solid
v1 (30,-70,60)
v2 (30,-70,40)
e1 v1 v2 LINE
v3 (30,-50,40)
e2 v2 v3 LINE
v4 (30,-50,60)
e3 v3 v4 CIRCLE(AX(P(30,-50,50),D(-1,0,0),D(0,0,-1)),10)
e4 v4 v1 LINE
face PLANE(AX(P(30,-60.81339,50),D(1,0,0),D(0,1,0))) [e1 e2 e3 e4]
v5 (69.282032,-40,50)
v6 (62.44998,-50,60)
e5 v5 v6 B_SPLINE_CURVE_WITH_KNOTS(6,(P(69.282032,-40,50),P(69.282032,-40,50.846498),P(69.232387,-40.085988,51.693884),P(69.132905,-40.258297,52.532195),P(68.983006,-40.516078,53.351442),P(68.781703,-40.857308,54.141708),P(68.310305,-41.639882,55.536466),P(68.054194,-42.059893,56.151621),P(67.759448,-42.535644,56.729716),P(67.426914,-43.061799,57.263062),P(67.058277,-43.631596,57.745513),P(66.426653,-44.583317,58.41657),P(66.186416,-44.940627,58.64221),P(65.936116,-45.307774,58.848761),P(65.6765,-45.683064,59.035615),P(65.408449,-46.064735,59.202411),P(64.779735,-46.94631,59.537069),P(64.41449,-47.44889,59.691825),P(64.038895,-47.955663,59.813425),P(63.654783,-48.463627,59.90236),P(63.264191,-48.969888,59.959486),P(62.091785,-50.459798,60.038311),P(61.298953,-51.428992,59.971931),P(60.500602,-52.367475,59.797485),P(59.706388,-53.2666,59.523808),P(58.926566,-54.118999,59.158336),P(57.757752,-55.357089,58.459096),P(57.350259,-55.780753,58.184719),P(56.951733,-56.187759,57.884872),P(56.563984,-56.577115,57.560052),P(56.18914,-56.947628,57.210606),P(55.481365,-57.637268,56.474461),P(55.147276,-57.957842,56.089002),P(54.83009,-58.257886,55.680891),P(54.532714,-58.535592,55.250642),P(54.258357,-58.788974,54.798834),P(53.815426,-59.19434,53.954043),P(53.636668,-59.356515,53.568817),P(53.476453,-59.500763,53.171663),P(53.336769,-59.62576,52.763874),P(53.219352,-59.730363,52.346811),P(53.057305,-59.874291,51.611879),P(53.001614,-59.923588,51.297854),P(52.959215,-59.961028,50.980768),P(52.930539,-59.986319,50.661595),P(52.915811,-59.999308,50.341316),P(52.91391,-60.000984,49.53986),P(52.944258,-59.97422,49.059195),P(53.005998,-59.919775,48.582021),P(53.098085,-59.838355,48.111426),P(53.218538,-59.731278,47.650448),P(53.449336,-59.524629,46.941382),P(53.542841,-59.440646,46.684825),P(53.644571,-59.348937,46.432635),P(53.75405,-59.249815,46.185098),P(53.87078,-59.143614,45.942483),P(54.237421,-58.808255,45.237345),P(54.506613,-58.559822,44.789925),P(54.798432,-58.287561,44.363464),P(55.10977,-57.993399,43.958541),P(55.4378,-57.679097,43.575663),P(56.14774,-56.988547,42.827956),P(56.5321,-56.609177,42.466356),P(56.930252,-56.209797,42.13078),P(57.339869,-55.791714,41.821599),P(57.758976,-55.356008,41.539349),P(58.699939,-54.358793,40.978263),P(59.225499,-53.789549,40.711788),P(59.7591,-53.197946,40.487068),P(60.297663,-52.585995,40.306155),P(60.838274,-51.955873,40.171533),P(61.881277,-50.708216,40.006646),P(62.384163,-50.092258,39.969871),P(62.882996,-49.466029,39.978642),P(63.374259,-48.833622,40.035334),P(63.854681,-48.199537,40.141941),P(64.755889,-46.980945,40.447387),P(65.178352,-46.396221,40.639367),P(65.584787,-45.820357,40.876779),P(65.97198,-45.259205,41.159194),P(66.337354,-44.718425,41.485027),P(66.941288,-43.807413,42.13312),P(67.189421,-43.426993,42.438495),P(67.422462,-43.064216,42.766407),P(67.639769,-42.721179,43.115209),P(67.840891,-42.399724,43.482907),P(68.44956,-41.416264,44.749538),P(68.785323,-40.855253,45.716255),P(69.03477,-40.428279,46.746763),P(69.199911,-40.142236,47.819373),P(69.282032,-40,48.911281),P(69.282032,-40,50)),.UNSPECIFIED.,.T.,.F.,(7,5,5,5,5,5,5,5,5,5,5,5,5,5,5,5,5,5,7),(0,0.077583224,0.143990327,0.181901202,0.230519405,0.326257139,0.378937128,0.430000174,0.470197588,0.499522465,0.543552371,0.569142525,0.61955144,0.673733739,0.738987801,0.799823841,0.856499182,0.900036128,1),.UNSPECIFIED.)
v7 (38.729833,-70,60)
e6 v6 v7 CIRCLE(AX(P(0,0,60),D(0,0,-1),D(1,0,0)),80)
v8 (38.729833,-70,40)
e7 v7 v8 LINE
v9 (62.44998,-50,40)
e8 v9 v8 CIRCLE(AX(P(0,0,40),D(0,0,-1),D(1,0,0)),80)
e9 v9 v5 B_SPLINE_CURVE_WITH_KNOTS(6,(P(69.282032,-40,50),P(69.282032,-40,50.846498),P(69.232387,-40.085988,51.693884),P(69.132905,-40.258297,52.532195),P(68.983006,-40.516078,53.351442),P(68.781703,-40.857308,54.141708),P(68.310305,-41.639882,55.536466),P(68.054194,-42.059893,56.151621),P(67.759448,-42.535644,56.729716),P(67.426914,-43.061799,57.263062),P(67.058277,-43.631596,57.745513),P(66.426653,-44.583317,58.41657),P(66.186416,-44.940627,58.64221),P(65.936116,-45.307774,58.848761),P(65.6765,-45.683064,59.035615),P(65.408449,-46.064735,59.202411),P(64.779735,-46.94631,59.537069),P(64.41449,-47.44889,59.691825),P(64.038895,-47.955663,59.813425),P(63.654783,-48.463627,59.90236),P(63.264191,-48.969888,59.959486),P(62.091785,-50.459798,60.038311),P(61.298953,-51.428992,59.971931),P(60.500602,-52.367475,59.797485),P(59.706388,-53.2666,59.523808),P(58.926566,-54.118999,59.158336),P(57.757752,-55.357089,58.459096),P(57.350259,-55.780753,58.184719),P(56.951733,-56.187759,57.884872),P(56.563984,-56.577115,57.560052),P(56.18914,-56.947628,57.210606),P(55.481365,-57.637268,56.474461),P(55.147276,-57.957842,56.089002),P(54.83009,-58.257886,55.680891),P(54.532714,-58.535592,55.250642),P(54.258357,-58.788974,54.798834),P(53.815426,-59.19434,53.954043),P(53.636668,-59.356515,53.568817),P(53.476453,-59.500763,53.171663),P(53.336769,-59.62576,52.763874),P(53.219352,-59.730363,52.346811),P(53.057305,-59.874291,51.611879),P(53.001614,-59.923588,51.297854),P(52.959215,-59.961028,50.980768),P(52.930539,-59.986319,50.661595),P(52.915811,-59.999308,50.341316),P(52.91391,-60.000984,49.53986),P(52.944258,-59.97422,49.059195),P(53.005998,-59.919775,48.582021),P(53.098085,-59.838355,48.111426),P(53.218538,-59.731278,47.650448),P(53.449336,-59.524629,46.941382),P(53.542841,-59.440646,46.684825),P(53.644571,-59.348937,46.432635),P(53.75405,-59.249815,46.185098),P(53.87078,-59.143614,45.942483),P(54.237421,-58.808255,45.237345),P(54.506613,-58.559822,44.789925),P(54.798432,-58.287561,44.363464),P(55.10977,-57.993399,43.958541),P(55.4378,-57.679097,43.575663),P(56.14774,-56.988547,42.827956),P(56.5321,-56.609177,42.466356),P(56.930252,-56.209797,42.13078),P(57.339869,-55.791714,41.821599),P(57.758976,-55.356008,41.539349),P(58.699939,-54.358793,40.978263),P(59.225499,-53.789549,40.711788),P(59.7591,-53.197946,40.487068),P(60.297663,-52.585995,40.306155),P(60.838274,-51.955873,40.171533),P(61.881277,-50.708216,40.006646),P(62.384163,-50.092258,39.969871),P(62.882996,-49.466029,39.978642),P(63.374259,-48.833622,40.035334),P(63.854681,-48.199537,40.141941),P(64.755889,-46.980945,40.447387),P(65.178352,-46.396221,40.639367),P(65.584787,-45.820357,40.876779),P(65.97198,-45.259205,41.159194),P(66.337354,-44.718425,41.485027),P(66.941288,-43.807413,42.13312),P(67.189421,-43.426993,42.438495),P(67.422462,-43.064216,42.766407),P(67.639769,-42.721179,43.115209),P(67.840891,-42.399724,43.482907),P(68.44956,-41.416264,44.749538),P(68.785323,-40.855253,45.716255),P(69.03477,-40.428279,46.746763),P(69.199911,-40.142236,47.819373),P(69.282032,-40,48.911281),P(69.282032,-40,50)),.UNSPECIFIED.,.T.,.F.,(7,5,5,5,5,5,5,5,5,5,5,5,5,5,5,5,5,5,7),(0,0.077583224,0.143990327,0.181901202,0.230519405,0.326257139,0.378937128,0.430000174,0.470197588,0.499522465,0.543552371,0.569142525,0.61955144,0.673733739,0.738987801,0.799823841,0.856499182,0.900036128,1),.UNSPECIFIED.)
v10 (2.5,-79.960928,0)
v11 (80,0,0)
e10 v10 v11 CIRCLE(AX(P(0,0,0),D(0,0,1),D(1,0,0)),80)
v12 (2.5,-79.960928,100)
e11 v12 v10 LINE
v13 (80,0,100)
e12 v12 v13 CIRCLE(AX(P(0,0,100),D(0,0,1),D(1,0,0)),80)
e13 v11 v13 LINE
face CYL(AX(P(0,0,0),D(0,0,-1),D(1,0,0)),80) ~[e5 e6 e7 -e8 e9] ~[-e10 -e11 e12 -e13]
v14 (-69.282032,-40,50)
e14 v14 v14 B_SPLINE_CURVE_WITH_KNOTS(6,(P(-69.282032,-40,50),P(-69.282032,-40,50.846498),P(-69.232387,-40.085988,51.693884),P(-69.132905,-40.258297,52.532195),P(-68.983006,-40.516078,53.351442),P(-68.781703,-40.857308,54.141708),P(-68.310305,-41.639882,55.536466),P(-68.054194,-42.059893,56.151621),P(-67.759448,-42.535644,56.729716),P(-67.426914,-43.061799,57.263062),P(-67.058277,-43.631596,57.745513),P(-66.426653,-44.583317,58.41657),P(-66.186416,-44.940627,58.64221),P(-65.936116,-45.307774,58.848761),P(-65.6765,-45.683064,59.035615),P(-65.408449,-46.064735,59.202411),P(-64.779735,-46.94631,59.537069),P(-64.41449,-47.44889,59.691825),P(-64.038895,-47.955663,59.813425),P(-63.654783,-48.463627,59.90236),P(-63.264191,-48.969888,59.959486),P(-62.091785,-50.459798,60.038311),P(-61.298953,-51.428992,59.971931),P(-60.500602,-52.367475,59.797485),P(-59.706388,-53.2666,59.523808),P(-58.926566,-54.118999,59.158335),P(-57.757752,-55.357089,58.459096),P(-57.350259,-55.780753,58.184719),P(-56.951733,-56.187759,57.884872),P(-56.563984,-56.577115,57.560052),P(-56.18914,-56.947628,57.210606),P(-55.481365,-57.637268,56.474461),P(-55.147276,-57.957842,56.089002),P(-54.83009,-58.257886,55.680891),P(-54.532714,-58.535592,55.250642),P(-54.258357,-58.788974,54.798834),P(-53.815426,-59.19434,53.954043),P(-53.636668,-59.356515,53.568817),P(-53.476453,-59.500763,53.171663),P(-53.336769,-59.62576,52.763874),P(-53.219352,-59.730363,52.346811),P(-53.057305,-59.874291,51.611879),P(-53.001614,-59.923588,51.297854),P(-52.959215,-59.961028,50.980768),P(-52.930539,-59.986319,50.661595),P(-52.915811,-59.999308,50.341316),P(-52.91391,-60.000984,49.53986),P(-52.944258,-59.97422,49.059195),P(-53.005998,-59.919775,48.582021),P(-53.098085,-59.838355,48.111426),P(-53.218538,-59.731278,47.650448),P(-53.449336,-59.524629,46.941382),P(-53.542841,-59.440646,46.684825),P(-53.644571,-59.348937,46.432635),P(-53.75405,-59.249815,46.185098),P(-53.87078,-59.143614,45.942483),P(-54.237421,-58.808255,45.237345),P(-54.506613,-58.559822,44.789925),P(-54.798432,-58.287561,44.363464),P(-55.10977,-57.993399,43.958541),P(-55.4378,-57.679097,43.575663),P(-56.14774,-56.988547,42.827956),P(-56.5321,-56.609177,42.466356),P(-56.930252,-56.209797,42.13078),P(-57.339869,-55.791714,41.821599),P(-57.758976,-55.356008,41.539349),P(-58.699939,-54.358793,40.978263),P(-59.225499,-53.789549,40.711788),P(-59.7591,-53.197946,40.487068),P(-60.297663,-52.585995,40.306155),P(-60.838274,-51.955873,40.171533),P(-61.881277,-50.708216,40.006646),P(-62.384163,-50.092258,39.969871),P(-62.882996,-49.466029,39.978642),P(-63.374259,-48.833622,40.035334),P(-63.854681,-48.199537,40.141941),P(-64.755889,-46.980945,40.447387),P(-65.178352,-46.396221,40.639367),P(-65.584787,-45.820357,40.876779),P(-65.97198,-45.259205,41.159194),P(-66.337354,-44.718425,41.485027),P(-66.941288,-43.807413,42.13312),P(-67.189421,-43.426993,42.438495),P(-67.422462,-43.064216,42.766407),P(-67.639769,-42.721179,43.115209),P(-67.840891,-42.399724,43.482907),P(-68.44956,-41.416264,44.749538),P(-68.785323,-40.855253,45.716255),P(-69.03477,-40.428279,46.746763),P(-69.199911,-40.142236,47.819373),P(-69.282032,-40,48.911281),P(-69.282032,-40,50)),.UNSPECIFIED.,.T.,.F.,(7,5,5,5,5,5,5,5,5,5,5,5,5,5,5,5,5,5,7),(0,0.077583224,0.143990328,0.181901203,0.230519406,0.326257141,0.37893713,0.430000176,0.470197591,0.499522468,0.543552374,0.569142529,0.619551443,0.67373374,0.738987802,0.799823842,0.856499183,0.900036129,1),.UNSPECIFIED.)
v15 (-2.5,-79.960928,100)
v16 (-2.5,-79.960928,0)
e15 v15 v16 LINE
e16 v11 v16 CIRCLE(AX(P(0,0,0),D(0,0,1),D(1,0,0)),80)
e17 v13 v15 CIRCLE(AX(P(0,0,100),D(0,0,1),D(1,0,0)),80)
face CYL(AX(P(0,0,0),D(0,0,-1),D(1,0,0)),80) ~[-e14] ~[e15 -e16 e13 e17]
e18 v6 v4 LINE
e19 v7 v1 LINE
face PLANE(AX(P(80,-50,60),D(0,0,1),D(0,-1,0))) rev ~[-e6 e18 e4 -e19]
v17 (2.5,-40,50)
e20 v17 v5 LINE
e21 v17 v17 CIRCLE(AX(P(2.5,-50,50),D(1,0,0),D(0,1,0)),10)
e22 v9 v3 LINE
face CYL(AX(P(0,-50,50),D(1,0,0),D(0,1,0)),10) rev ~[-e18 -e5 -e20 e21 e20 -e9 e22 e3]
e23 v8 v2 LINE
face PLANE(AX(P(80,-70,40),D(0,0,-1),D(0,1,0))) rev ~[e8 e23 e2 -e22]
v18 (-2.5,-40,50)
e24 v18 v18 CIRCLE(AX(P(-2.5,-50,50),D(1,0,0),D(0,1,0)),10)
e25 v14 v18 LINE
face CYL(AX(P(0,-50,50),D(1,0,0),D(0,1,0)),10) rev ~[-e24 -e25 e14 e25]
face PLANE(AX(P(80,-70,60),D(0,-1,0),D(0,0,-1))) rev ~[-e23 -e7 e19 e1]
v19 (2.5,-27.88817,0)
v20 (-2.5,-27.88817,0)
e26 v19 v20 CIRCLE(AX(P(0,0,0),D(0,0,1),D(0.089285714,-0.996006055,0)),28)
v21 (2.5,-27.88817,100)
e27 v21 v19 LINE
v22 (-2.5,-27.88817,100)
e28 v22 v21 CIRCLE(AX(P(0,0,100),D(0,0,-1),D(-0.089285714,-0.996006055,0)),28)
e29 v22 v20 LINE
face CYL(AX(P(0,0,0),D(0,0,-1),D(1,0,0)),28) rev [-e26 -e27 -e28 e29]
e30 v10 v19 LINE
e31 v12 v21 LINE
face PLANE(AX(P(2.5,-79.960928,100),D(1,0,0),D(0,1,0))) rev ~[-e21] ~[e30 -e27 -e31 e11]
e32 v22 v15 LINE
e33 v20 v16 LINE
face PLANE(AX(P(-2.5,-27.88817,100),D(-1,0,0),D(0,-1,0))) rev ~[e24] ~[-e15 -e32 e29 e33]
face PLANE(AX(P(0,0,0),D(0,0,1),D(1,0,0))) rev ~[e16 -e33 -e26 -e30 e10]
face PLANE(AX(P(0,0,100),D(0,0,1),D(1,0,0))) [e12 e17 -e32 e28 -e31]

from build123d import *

# Parameters (mm, degrees)
F0_R     = 80
F0_R_2   = 28
F1_DEPTH = 100
F2_R     = 10
F3_DEPTH = 250
F5_DEPTH = 100.0010001
F8_DEPTH = 50


with BuildPart() as f1:
    # F0 (on Top) → F1 (new body)
    with BuildSketch(Plane.XY):
        Circle(F0_R)
        Circle(F0_R_2, mode=Mode.SUBTRACT)
    extrude(amount=F1_DEPTH)

    # F2 (on Right) → F3 (cut, symmetric)
    with BuildSketch(Plane.YZ):
        with Locations((-50, 50)):
            Circle(F2_R)
    extrude(amount=F3_DEPTH, both=True, mode=Mode.SUBTRACT)

    # F4 (on face) → F5 (cut, through all)
    with BuildSketch(Plane.XY.offset(100)):
        with BuildLine():
            ThreePointArc((2.5, -27.8881695348), (0, -28), (-2.5, -27.8881695348))
            Line((-2.5, -27.8881695348), (-2.5, -79.9609279586))
            ThreePointArc((-2.5, -79.9609279586), (0, -80), (2.5, -79.9609279586))
            Line((2.5, -79.9609279586), (2.5, -27.8881695348))
        make_face()
    extrude(amount=-F5_DEPTH, mode=Mode.SUBTRACT)

    # F7 (on offset) → F8 (cut)
    with BuildSketch(Plane.YZ.offset(80)):
        with BuildLine():
            ThreePointArc((-50, 40), (-60, 50), (-50, 60))
            Line((-50, 60), (-70, 60))
            Line((-70, 60), (-70, 40))
            Line((-70, 40), (-50, 40))
        make_face()
    extrude(amount=-F8_DEPTH, mode=Mode.SUBTRACT)


solid = f1.part
